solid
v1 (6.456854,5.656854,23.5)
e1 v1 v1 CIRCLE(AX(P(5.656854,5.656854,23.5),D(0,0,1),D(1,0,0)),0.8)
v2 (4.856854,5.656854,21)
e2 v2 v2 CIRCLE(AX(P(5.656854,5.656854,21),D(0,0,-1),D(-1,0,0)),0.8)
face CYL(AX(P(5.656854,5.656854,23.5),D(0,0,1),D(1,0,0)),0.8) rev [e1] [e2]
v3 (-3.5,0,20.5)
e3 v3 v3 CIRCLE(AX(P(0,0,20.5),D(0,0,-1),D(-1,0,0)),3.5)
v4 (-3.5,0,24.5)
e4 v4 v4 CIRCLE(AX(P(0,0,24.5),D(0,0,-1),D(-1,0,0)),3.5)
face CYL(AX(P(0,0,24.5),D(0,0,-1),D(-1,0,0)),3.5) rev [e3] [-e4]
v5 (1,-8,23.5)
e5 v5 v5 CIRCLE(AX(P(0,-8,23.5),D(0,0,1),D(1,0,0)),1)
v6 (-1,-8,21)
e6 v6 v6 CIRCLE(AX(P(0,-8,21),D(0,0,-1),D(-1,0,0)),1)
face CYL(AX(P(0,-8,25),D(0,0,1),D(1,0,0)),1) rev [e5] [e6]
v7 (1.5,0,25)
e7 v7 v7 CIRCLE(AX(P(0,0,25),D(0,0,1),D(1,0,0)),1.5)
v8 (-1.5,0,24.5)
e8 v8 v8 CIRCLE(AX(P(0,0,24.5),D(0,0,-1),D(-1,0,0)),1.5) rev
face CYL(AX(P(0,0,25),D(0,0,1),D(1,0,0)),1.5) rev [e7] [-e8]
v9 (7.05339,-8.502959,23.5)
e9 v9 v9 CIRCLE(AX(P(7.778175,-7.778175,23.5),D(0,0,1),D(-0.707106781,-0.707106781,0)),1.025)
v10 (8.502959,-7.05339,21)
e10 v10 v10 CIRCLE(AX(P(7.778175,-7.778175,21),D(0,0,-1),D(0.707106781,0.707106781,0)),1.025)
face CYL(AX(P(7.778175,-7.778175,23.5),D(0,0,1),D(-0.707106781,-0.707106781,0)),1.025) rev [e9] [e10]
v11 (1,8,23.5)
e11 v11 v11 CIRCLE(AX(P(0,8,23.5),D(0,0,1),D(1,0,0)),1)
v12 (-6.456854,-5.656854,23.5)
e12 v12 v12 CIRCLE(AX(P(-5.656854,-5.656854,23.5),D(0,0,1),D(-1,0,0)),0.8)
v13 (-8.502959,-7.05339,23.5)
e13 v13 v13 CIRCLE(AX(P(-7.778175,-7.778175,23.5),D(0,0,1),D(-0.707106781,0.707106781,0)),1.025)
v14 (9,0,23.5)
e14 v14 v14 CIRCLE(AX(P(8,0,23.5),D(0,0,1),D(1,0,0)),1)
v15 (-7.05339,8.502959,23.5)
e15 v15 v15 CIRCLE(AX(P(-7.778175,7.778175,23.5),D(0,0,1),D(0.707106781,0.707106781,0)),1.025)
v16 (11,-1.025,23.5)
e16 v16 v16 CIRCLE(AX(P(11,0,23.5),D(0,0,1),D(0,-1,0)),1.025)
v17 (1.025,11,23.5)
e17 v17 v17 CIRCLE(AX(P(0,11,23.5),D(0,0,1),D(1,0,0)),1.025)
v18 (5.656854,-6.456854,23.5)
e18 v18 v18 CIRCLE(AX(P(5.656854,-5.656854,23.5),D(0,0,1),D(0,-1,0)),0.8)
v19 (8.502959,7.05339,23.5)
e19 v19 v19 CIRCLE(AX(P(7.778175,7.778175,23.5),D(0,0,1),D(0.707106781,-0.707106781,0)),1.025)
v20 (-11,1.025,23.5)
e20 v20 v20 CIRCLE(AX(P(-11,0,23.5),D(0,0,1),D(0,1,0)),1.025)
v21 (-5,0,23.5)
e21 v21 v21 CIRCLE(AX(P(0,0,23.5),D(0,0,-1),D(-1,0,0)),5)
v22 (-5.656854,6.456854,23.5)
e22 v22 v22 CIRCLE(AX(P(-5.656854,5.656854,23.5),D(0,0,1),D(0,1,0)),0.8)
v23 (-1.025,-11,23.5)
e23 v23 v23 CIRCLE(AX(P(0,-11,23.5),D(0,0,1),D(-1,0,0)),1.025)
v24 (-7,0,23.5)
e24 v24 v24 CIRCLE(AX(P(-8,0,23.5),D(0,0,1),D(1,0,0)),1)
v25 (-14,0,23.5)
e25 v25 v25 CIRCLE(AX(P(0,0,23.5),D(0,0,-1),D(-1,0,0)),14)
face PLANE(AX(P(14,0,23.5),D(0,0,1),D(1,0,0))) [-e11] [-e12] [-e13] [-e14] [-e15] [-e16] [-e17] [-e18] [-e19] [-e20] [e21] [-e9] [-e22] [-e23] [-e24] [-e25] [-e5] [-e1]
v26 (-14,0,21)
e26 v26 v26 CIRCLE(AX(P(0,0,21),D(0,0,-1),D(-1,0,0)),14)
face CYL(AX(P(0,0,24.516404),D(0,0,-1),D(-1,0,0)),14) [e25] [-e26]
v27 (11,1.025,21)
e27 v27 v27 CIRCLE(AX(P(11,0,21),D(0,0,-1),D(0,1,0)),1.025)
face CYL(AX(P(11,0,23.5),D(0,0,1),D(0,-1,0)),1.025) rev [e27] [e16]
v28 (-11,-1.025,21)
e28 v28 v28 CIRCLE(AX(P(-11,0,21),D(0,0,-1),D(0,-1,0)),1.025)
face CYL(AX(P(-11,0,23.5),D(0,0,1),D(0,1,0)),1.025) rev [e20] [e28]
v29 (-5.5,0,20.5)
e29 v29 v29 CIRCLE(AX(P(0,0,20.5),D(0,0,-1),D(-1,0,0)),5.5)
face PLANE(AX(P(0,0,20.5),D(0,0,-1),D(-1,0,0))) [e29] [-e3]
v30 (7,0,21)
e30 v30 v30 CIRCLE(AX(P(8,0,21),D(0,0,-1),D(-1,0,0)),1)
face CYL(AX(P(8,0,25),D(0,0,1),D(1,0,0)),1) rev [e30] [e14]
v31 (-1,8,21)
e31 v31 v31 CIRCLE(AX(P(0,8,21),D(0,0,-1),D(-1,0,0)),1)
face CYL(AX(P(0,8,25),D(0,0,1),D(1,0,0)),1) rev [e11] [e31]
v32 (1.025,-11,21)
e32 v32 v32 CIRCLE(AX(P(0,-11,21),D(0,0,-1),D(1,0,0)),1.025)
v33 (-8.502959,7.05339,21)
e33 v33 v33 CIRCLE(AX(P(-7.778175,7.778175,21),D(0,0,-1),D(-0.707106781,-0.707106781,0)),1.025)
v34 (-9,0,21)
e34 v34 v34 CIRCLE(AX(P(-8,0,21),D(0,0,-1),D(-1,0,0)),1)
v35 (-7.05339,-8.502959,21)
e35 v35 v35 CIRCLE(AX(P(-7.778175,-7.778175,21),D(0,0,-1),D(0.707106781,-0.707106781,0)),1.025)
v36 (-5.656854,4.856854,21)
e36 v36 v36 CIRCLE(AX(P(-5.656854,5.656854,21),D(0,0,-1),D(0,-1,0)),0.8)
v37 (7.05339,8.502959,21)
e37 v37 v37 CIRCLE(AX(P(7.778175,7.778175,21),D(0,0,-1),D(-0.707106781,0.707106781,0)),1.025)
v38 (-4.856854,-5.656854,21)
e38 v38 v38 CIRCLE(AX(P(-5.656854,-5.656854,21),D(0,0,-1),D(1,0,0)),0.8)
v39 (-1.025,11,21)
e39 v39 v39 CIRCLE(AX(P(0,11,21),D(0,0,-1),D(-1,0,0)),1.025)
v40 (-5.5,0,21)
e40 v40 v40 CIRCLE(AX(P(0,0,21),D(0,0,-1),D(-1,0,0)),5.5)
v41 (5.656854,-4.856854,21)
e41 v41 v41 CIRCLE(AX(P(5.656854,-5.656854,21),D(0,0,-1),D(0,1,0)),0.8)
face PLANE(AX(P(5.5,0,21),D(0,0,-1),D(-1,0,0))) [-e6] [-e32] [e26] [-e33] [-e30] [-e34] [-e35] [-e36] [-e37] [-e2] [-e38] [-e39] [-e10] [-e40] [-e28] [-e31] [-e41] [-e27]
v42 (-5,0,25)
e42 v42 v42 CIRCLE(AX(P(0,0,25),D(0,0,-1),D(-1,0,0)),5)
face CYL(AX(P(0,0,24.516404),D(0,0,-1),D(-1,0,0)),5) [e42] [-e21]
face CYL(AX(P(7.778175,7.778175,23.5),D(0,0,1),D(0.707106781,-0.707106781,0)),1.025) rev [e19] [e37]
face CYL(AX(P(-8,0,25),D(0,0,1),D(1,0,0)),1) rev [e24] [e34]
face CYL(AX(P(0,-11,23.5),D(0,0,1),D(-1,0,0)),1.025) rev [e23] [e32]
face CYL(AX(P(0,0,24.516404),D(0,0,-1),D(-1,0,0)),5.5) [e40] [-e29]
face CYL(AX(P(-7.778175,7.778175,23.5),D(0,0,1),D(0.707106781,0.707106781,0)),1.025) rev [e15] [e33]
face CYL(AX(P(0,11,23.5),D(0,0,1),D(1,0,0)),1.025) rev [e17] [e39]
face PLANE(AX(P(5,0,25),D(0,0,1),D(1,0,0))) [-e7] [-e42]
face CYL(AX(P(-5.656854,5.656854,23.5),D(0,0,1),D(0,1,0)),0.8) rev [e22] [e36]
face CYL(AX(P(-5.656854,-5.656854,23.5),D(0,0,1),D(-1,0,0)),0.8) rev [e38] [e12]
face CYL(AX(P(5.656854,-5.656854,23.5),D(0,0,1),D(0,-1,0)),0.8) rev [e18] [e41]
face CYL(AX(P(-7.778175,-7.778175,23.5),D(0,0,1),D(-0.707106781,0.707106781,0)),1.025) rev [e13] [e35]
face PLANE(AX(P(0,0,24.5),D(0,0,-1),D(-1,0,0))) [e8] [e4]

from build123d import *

# Parameters (mm, degrees)
F_3_0_3_DIAMETER_HOLE1_D = 3
M2_5_TAPPED_HOLE1_D      = 2.05
CIRPATTERN1_COUNT        = 8
F_2_0_2_DIAMETER_HOLE1_D = 2
M2_TAPPED_HOLE1_D        = 1.6
CIRPATTERN2_COUNT        = 4
SKETCH14_R               = 3.5
CUT_EXTRUDE1_DEPTH       = 4


with BuildPart() as part:
    # Sketch1 → Revolve1 (revolve)
    with BuildSketch(Plane.XZ, mode=Mode.PRIVATE) as revolve1_sk:
        Polygon((2.75, 25), (0, 25), (0, 24.516404416), (0, 20.5), (5.5, 20.5), (5.5, 21), (14, 21), (14, 23.5), (5, 23.5), (5, 25), align=None)
    revolve(revolve1_sk.sketch.rotate(Axis((0, 0, 24.516404416), (0, 0, -1)), 180), axis=Axis((0, 0, 24.516404416), (0, 0, -1)))

    # Ø3.0 (3) Diameter Hole1 (through all)
    with Locations(Plane.XY.offset(25)):
        with Locations((0, 0)):
            Hole(F_3_0_3_DIAMETER_HOLE1_D / 2)

    # M2.5 Tapped Hole1 (through all)
    with Locations(Plane.XY.offset(23.5)):
        with Locations((0, 11)):
            m2_5_tapped_hole1 = Hole(M2_5_TAPPED_HOLE1_D / 2)

    # CirPattern1: M2.5 Tapped Hole1 ×8 about axis
    cirpattern1_axis = Axis((0, 0, 0), (0, 0, 1))
    for i in range(1, CIRPATTERN1_COUNT):
        add(m2_5_tapped_hole1.rotate(cirpattern1_axis, i * 360 / CIRPATTERN1_COUNT), mode=Mode.SUBTRACT)

    # Ø2.0 (2) Diameter Hole1 (through all)
    with Locations(Plane.XY.offset(25)):
        with Locations((0, 8), (8, 0), (0, -8), (-8, 0)):
            Hole(F_2_0_2_DIAMETER_HOLE1_D / 2)

    # M2 Tapped Hole1 (through all)
    with Locations(Plane.XY.offset(23.5)):
        with Locations((5.656854249, 5.656854249)):
            m2_tapped_hole1 = Hole(M2_TAPPED_HOLE1_D / 2)

    # CirPattern2: M2 Tapped Hole1 ×4 about axis
    cirpattern2_axis = Axis((0, 0, 0), (0, 0, 1))
    for i in range(1, CIRPATTERN2_COUNT):
        add(m2_tapped_hole1.rotate(cirpattern2_axis, i * 360 / CIRPATTERN2_COUNT), mode=Mode.SUBTRACT)

    # Sketch14 → Cut-Extrude1 (cut)
    with BuildSketch(Plane(origin=(0, 0, 20.5), x_dir=(-1, 0, 0), z_dir=(0, 0, -1))):
        Circle(SKETCH14_R)
    extrude(amount=-CUT_EXTRUDE1_DEPTH, mode=Mode.SUBTRACT)


solid = part.part
